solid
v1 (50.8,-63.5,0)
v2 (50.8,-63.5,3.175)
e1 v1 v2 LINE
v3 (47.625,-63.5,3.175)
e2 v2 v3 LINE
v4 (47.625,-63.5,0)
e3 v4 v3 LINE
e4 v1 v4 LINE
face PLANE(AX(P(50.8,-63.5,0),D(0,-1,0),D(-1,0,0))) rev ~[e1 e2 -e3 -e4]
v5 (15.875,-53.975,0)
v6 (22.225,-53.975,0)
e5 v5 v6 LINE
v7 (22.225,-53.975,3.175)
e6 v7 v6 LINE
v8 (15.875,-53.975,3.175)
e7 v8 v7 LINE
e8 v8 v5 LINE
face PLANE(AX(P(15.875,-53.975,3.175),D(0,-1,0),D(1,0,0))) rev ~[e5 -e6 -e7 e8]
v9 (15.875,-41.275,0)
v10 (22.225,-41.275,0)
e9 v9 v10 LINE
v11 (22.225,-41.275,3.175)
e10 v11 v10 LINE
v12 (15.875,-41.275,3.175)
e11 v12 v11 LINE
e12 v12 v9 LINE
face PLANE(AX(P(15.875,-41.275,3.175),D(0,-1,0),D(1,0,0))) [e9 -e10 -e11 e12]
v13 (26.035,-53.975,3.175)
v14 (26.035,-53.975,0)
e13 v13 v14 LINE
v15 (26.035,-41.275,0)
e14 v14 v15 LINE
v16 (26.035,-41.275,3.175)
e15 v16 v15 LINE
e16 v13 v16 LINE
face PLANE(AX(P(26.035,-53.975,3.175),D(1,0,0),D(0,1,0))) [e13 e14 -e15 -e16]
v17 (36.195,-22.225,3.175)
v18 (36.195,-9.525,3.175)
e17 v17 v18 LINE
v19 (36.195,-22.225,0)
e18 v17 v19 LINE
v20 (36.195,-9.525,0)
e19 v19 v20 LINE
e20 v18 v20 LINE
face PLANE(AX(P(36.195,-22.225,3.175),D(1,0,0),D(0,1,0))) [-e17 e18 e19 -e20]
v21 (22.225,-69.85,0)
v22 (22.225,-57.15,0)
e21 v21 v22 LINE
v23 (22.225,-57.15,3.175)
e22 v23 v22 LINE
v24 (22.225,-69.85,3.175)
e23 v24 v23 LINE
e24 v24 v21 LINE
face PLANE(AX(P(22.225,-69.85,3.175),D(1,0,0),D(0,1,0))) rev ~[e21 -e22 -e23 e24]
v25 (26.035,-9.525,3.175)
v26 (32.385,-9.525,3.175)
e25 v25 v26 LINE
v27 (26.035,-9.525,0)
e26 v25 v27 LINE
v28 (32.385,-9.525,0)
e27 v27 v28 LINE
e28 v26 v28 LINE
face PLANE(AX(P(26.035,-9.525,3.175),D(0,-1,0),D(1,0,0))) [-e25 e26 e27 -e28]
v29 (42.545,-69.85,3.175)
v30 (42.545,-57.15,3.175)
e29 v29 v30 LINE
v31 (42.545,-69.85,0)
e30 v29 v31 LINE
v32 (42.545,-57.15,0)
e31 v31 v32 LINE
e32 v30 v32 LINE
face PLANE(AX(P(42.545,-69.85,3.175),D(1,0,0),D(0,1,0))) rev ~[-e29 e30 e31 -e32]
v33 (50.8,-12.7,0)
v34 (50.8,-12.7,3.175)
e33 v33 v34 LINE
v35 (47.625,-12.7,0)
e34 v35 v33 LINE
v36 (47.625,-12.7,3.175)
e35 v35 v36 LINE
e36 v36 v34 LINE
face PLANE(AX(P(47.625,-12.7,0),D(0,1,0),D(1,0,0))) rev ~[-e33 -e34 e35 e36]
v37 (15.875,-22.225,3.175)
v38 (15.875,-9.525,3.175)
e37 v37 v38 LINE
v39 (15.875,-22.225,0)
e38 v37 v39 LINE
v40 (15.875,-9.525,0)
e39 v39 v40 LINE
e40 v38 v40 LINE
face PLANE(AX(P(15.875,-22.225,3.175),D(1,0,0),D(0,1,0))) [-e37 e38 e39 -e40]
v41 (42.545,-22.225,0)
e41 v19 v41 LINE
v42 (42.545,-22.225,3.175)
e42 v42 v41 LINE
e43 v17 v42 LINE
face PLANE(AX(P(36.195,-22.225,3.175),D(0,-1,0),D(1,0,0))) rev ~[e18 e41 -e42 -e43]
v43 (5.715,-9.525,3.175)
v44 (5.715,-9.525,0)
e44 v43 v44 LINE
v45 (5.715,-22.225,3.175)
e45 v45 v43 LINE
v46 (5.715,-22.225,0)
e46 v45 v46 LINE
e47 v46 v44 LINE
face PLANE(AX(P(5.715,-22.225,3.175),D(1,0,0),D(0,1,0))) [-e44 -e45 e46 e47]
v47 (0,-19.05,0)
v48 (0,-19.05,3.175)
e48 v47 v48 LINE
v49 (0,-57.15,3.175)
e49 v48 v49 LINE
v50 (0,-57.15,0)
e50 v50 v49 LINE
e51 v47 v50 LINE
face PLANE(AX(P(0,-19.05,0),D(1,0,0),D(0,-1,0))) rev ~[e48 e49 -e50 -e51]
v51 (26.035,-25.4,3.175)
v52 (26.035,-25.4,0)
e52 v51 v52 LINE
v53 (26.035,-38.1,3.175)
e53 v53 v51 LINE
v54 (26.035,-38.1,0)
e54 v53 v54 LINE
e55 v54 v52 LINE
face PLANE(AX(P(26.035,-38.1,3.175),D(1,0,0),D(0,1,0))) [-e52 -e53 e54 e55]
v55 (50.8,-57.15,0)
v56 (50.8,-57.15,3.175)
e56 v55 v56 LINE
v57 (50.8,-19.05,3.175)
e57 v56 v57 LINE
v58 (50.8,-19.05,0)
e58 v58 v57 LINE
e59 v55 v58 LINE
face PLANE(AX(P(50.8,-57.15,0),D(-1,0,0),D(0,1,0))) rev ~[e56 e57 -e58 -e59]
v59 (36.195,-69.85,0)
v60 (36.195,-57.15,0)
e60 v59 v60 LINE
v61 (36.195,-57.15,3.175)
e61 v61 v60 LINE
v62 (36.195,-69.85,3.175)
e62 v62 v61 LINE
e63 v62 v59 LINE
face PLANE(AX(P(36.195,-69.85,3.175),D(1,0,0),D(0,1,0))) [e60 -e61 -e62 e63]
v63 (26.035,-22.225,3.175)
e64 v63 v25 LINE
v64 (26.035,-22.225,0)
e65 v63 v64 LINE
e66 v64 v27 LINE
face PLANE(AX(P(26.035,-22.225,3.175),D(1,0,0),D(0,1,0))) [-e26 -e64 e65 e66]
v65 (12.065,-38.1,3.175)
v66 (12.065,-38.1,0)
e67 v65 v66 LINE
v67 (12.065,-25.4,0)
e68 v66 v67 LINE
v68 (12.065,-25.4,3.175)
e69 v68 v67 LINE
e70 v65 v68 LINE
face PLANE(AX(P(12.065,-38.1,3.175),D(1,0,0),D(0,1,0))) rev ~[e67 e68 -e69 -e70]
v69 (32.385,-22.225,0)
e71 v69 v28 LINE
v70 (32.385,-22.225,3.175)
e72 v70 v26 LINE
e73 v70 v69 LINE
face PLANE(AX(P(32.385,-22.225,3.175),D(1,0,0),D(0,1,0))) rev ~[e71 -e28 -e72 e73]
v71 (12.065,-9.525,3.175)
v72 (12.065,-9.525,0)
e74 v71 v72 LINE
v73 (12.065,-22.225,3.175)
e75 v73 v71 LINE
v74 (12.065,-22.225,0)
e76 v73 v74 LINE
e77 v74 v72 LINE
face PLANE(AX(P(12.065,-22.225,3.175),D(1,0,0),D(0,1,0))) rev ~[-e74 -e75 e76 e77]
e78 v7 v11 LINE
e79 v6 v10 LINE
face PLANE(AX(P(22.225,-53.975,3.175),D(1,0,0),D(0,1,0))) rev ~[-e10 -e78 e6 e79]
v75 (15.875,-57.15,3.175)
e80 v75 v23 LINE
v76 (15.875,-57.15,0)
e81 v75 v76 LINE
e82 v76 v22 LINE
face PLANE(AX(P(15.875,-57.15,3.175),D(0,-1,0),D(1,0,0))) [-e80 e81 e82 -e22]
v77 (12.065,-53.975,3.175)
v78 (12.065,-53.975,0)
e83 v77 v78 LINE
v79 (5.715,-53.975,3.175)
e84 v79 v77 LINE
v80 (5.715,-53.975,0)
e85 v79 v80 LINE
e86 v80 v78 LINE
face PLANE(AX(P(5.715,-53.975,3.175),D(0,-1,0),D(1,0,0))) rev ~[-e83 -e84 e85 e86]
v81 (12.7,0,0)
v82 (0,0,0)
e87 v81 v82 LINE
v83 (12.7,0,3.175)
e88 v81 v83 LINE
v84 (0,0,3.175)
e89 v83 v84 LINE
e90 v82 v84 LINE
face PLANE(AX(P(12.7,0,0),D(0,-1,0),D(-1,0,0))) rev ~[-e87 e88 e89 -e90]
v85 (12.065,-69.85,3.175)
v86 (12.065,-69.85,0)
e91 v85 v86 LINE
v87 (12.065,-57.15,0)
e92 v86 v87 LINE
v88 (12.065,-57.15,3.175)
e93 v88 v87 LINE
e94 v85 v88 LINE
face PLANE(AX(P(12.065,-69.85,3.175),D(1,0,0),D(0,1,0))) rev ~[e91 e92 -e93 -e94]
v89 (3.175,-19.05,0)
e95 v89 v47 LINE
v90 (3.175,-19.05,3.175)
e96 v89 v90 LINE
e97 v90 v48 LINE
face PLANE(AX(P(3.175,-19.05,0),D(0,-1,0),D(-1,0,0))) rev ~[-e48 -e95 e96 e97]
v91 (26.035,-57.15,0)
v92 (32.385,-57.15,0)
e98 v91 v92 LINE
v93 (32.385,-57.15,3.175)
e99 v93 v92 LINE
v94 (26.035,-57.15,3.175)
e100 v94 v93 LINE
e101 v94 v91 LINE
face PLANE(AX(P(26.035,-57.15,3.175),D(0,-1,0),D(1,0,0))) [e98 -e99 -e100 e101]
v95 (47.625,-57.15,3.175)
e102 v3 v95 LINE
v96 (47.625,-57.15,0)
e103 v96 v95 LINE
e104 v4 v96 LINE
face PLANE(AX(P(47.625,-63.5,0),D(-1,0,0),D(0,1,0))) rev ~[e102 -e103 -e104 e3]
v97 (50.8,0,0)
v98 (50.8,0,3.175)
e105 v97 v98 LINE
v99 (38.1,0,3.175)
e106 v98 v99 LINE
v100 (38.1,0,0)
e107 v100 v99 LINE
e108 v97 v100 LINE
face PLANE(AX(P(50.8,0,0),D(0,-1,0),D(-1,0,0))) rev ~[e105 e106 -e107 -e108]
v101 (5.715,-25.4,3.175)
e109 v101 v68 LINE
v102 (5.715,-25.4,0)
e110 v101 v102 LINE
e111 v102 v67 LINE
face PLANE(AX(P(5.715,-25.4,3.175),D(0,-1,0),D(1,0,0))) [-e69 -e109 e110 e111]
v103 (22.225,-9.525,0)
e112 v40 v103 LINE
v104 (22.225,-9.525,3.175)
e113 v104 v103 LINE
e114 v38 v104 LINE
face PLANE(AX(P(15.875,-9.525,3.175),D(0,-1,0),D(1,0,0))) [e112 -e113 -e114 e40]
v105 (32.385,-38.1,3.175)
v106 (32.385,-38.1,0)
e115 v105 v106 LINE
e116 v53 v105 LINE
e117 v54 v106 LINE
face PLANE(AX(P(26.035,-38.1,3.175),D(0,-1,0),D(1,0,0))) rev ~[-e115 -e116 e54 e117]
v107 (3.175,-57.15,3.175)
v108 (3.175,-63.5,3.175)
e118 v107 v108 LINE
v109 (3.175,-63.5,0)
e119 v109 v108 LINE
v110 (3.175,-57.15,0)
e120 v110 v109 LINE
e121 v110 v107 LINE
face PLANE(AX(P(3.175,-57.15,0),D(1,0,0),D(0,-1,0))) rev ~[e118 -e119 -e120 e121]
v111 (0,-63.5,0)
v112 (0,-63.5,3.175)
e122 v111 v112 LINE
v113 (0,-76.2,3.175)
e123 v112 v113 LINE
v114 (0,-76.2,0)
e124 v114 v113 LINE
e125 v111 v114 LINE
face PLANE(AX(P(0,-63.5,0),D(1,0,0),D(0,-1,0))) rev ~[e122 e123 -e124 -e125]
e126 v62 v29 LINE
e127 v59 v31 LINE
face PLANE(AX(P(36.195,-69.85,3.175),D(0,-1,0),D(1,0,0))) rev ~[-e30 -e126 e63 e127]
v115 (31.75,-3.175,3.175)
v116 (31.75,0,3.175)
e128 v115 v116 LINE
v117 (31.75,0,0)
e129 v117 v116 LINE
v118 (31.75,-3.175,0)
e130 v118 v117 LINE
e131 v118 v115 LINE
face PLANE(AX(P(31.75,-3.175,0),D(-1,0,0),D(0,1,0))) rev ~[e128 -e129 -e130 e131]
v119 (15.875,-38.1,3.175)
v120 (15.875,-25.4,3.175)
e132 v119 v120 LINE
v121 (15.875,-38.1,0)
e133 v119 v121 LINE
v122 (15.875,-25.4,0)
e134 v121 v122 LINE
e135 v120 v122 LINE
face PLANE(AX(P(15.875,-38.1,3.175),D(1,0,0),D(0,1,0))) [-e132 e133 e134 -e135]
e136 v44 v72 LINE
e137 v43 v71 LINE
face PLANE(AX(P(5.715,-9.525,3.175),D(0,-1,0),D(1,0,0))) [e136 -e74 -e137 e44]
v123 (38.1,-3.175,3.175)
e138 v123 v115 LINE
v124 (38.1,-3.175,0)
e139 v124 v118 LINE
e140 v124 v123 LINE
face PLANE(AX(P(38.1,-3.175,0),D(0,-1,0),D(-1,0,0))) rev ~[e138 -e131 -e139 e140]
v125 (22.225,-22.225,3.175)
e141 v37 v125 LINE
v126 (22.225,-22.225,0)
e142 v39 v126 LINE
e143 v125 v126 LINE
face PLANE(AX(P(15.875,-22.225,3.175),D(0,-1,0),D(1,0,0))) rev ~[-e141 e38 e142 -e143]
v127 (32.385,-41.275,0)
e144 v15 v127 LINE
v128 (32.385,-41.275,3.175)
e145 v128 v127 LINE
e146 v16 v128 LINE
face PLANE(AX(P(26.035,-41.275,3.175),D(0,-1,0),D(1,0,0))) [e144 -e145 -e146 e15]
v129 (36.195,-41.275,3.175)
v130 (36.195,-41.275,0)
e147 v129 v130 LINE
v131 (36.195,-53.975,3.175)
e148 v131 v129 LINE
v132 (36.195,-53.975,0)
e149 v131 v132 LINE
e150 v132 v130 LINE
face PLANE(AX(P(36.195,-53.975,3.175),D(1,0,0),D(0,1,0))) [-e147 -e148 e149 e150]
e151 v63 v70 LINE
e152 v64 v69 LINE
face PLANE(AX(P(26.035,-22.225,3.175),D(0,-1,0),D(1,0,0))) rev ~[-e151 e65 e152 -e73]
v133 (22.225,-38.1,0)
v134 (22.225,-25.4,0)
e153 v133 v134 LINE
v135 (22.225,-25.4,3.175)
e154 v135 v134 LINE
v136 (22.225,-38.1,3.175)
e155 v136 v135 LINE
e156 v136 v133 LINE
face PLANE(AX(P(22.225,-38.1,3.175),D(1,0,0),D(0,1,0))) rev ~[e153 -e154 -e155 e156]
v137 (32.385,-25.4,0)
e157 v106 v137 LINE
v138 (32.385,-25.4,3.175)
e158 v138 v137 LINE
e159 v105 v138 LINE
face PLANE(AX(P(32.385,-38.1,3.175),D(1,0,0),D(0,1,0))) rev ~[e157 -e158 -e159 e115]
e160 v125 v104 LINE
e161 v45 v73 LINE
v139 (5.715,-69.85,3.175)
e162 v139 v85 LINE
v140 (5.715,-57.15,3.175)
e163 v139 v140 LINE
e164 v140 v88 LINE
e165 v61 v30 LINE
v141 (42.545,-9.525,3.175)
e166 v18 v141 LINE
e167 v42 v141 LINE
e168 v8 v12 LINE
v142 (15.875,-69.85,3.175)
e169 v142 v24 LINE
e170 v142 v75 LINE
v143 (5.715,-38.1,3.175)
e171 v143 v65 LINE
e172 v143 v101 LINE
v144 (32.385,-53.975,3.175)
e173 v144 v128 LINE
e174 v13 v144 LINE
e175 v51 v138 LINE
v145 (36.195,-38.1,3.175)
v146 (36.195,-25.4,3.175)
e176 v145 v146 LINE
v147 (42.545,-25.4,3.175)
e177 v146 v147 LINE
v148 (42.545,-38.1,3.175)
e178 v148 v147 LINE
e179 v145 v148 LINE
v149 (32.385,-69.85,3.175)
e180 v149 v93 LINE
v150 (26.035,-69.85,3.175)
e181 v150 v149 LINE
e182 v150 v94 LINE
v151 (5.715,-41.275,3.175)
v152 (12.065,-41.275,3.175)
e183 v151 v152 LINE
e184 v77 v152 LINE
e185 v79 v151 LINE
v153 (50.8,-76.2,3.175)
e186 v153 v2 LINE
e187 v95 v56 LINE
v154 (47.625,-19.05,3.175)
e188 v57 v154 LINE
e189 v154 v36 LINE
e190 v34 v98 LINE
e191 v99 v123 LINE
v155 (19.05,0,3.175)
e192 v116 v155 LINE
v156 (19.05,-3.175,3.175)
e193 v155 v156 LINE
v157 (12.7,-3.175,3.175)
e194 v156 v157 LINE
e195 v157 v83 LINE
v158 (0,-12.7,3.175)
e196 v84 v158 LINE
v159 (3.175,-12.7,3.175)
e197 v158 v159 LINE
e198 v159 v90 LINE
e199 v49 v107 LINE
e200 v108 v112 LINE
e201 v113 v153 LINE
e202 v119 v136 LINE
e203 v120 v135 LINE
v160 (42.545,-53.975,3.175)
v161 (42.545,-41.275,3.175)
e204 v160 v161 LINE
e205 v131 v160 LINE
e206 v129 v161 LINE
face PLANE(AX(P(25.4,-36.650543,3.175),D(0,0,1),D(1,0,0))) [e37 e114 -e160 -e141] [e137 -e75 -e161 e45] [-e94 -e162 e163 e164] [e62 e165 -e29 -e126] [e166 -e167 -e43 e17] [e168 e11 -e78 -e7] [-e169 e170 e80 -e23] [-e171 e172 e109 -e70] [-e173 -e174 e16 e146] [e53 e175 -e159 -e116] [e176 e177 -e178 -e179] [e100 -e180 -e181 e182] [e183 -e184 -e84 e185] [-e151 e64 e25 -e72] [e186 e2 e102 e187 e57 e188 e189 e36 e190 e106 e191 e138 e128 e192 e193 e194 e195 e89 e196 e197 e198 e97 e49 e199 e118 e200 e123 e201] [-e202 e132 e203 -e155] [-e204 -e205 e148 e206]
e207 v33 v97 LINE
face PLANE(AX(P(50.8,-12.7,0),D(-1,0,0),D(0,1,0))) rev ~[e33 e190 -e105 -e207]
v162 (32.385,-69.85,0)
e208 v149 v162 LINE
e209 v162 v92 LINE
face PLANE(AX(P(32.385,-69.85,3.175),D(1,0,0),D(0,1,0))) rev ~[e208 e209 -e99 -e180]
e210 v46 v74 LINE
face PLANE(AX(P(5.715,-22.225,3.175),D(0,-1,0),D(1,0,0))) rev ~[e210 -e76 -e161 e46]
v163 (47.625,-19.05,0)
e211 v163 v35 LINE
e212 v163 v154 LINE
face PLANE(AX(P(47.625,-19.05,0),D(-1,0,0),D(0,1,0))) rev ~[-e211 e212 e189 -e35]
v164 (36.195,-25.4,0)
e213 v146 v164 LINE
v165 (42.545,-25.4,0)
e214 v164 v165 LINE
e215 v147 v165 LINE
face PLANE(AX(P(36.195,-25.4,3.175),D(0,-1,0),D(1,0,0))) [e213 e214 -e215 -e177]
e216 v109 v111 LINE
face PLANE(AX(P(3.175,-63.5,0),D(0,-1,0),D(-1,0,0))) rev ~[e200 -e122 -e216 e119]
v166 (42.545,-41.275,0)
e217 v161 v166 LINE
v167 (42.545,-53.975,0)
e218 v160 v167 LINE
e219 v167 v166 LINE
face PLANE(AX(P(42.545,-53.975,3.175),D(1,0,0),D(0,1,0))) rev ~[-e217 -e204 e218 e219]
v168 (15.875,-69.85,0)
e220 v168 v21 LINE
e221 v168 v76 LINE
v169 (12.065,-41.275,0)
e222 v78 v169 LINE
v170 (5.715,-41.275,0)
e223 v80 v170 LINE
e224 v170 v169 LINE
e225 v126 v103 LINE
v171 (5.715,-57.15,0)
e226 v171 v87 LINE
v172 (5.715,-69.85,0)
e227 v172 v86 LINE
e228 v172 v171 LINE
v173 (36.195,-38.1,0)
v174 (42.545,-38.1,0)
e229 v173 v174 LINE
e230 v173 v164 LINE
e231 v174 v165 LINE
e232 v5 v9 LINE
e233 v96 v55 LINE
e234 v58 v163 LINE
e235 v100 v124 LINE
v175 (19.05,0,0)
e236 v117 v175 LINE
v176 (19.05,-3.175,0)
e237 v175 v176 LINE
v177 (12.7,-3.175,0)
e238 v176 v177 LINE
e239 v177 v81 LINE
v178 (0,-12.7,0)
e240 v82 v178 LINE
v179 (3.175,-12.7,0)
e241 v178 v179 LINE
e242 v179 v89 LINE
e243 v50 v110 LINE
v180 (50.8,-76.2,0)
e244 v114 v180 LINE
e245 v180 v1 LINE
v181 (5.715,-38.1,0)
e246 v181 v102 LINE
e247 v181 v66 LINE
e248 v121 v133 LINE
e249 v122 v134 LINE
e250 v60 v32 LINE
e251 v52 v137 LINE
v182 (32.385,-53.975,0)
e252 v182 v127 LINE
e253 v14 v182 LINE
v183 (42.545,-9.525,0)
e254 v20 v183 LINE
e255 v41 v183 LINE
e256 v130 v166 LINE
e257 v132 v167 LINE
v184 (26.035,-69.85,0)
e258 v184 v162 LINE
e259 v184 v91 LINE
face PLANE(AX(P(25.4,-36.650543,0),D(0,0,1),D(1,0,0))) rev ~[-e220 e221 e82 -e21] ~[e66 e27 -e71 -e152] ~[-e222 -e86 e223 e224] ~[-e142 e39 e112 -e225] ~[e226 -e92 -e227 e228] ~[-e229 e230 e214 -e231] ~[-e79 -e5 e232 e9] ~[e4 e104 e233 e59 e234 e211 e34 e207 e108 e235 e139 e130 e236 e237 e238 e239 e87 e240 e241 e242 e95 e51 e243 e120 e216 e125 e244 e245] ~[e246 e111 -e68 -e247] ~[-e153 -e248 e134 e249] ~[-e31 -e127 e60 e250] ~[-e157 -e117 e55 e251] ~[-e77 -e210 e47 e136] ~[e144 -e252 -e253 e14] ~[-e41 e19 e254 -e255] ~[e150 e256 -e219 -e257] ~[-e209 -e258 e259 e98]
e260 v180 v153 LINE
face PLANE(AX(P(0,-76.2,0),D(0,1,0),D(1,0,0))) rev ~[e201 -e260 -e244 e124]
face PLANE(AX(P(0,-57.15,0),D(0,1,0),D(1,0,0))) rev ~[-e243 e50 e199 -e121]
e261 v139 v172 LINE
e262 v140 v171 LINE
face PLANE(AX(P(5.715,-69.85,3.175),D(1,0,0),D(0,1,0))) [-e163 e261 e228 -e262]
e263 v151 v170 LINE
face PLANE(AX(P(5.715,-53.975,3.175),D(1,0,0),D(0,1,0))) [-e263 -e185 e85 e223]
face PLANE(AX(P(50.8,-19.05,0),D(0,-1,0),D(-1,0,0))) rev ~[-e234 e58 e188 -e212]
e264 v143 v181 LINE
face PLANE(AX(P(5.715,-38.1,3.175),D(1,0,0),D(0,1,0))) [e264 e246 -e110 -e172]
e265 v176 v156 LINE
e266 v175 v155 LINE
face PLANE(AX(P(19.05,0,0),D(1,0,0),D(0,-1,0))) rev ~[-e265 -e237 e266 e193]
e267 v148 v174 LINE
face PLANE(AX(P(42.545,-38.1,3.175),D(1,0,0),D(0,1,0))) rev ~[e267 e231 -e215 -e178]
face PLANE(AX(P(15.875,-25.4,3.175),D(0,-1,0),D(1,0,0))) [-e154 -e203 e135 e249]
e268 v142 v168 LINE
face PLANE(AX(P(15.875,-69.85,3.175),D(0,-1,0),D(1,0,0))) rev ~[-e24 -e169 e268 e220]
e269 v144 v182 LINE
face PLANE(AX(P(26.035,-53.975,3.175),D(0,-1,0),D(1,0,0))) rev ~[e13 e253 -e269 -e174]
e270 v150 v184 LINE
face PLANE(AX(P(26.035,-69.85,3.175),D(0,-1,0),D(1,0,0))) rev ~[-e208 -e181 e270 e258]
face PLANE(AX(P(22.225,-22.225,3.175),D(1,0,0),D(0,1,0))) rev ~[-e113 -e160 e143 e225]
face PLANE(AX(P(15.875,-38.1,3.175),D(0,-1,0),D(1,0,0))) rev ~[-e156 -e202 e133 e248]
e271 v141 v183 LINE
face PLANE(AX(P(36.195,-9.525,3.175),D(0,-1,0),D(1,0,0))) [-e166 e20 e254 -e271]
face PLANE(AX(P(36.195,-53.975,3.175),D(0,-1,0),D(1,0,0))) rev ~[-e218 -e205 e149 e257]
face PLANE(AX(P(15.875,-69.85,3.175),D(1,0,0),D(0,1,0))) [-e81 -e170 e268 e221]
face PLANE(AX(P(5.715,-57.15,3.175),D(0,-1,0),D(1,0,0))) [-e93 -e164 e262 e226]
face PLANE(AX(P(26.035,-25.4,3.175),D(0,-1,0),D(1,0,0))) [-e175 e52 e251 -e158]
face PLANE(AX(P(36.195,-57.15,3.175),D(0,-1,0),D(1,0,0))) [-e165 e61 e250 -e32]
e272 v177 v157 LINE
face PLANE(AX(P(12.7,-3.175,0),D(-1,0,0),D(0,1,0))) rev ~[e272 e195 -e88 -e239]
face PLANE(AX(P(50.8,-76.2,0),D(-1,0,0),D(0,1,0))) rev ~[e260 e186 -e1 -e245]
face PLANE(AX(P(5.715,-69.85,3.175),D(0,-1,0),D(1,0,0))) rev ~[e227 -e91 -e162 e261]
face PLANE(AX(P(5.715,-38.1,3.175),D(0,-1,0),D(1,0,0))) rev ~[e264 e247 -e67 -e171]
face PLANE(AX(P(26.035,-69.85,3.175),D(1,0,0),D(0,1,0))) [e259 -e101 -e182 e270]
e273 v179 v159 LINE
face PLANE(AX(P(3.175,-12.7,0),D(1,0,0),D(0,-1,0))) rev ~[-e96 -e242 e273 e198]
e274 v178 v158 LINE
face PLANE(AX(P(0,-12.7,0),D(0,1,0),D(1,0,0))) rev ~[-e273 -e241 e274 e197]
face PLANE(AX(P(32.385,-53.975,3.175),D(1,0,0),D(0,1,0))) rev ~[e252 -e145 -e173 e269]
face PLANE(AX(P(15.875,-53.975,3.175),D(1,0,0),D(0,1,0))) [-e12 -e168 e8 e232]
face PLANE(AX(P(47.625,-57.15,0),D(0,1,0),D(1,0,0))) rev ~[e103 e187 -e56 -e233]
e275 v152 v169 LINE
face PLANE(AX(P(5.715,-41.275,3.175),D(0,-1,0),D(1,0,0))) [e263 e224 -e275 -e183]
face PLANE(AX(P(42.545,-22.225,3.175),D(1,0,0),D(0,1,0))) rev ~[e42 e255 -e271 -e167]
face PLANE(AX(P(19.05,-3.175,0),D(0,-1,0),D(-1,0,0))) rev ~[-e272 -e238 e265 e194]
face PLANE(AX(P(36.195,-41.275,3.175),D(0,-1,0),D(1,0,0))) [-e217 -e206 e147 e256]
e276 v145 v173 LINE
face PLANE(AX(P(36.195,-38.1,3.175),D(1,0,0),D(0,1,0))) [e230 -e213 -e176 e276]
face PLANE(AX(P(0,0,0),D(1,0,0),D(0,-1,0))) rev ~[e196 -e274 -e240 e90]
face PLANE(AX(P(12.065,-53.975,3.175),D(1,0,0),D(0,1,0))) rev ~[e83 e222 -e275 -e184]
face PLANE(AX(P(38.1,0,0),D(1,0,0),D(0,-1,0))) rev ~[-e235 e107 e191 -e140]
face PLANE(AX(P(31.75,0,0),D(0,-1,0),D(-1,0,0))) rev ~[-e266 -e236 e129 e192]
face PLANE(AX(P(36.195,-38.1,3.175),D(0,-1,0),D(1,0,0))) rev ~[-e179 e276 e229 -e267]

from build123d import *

# Parameters (mm, degrees)
BOSS_EXTRUDE1_DEPTH  = 3.175
SKETCH2_W            = 6.35
SKETCH2_H            = 12.7
CUT_EXTRUDE1_DEPTH   = 5.08
LPATTERN1_COUNT      = 4
LPATTERN1_PITCH      = 10.16
LPATTERN1_COUNT_DIR2 = 4
LPATTERN1_PITCH_DIR2 = 15.875


with BuildPart() as part:
    # Sketch1 → Boss-Extrude1 (new body)
    with BuildSketch(Plane.XY):
        Polygon((0, -76.2), (12.7, -76.2), (38.1, -76.2), (50.8, -76.2), (50.8, -63.5), (47.625, -63.5), (47.625, -57.15), (50.8, -57.15), (50.8, -19.05), (47.625, -19.05), (47.625, -12.7), (50.8, -12.7), (50.8, 0), (38.1, 0), (38.1, -3.175), (31.75, -3.175), (31.75, 0), (19.05, 0), (19.05, -3.175), (12.7, -3.175), (12.7, 0), (0, 0), (0, -12.7), (3.175, -12.7), (3.175, -19.05), (0, -19.05), (0, -57.15), (3.175, -57.15), (3.175, -63.5), (0, -63.5), align=None)
    extrude(amount=BOSS_EXTRUDE1_DEPTH)

    # Sketch2 → Cut-Extrude1 (cut)
    with BuildSketch(Plane.XY.offset(3.175)):
        with Locations((8.89, -15.875)):
            Rectangle(SKETCH2_W, SKETCH2_H)
    cut_extrude1 = extrude(amount=-CUT_EXTRUDE1_DEPTH, mode=Mode.SUBTRACT)

    # LPattern1: Cut-Extrude1 4 × 4
    with Locations(*[(i * LPATTERN1_PITCH, -j * LPATTERN1_PITCH_DIR2, 0) for i in range(LPATTERN1_COUNT) for j in range(LPATTERN1_COUNT_DIR2) if (i, j) != (0, 0)]):
        add(cut_extrude1, mode=Mode.SUBTRACT)


solid = part.part
